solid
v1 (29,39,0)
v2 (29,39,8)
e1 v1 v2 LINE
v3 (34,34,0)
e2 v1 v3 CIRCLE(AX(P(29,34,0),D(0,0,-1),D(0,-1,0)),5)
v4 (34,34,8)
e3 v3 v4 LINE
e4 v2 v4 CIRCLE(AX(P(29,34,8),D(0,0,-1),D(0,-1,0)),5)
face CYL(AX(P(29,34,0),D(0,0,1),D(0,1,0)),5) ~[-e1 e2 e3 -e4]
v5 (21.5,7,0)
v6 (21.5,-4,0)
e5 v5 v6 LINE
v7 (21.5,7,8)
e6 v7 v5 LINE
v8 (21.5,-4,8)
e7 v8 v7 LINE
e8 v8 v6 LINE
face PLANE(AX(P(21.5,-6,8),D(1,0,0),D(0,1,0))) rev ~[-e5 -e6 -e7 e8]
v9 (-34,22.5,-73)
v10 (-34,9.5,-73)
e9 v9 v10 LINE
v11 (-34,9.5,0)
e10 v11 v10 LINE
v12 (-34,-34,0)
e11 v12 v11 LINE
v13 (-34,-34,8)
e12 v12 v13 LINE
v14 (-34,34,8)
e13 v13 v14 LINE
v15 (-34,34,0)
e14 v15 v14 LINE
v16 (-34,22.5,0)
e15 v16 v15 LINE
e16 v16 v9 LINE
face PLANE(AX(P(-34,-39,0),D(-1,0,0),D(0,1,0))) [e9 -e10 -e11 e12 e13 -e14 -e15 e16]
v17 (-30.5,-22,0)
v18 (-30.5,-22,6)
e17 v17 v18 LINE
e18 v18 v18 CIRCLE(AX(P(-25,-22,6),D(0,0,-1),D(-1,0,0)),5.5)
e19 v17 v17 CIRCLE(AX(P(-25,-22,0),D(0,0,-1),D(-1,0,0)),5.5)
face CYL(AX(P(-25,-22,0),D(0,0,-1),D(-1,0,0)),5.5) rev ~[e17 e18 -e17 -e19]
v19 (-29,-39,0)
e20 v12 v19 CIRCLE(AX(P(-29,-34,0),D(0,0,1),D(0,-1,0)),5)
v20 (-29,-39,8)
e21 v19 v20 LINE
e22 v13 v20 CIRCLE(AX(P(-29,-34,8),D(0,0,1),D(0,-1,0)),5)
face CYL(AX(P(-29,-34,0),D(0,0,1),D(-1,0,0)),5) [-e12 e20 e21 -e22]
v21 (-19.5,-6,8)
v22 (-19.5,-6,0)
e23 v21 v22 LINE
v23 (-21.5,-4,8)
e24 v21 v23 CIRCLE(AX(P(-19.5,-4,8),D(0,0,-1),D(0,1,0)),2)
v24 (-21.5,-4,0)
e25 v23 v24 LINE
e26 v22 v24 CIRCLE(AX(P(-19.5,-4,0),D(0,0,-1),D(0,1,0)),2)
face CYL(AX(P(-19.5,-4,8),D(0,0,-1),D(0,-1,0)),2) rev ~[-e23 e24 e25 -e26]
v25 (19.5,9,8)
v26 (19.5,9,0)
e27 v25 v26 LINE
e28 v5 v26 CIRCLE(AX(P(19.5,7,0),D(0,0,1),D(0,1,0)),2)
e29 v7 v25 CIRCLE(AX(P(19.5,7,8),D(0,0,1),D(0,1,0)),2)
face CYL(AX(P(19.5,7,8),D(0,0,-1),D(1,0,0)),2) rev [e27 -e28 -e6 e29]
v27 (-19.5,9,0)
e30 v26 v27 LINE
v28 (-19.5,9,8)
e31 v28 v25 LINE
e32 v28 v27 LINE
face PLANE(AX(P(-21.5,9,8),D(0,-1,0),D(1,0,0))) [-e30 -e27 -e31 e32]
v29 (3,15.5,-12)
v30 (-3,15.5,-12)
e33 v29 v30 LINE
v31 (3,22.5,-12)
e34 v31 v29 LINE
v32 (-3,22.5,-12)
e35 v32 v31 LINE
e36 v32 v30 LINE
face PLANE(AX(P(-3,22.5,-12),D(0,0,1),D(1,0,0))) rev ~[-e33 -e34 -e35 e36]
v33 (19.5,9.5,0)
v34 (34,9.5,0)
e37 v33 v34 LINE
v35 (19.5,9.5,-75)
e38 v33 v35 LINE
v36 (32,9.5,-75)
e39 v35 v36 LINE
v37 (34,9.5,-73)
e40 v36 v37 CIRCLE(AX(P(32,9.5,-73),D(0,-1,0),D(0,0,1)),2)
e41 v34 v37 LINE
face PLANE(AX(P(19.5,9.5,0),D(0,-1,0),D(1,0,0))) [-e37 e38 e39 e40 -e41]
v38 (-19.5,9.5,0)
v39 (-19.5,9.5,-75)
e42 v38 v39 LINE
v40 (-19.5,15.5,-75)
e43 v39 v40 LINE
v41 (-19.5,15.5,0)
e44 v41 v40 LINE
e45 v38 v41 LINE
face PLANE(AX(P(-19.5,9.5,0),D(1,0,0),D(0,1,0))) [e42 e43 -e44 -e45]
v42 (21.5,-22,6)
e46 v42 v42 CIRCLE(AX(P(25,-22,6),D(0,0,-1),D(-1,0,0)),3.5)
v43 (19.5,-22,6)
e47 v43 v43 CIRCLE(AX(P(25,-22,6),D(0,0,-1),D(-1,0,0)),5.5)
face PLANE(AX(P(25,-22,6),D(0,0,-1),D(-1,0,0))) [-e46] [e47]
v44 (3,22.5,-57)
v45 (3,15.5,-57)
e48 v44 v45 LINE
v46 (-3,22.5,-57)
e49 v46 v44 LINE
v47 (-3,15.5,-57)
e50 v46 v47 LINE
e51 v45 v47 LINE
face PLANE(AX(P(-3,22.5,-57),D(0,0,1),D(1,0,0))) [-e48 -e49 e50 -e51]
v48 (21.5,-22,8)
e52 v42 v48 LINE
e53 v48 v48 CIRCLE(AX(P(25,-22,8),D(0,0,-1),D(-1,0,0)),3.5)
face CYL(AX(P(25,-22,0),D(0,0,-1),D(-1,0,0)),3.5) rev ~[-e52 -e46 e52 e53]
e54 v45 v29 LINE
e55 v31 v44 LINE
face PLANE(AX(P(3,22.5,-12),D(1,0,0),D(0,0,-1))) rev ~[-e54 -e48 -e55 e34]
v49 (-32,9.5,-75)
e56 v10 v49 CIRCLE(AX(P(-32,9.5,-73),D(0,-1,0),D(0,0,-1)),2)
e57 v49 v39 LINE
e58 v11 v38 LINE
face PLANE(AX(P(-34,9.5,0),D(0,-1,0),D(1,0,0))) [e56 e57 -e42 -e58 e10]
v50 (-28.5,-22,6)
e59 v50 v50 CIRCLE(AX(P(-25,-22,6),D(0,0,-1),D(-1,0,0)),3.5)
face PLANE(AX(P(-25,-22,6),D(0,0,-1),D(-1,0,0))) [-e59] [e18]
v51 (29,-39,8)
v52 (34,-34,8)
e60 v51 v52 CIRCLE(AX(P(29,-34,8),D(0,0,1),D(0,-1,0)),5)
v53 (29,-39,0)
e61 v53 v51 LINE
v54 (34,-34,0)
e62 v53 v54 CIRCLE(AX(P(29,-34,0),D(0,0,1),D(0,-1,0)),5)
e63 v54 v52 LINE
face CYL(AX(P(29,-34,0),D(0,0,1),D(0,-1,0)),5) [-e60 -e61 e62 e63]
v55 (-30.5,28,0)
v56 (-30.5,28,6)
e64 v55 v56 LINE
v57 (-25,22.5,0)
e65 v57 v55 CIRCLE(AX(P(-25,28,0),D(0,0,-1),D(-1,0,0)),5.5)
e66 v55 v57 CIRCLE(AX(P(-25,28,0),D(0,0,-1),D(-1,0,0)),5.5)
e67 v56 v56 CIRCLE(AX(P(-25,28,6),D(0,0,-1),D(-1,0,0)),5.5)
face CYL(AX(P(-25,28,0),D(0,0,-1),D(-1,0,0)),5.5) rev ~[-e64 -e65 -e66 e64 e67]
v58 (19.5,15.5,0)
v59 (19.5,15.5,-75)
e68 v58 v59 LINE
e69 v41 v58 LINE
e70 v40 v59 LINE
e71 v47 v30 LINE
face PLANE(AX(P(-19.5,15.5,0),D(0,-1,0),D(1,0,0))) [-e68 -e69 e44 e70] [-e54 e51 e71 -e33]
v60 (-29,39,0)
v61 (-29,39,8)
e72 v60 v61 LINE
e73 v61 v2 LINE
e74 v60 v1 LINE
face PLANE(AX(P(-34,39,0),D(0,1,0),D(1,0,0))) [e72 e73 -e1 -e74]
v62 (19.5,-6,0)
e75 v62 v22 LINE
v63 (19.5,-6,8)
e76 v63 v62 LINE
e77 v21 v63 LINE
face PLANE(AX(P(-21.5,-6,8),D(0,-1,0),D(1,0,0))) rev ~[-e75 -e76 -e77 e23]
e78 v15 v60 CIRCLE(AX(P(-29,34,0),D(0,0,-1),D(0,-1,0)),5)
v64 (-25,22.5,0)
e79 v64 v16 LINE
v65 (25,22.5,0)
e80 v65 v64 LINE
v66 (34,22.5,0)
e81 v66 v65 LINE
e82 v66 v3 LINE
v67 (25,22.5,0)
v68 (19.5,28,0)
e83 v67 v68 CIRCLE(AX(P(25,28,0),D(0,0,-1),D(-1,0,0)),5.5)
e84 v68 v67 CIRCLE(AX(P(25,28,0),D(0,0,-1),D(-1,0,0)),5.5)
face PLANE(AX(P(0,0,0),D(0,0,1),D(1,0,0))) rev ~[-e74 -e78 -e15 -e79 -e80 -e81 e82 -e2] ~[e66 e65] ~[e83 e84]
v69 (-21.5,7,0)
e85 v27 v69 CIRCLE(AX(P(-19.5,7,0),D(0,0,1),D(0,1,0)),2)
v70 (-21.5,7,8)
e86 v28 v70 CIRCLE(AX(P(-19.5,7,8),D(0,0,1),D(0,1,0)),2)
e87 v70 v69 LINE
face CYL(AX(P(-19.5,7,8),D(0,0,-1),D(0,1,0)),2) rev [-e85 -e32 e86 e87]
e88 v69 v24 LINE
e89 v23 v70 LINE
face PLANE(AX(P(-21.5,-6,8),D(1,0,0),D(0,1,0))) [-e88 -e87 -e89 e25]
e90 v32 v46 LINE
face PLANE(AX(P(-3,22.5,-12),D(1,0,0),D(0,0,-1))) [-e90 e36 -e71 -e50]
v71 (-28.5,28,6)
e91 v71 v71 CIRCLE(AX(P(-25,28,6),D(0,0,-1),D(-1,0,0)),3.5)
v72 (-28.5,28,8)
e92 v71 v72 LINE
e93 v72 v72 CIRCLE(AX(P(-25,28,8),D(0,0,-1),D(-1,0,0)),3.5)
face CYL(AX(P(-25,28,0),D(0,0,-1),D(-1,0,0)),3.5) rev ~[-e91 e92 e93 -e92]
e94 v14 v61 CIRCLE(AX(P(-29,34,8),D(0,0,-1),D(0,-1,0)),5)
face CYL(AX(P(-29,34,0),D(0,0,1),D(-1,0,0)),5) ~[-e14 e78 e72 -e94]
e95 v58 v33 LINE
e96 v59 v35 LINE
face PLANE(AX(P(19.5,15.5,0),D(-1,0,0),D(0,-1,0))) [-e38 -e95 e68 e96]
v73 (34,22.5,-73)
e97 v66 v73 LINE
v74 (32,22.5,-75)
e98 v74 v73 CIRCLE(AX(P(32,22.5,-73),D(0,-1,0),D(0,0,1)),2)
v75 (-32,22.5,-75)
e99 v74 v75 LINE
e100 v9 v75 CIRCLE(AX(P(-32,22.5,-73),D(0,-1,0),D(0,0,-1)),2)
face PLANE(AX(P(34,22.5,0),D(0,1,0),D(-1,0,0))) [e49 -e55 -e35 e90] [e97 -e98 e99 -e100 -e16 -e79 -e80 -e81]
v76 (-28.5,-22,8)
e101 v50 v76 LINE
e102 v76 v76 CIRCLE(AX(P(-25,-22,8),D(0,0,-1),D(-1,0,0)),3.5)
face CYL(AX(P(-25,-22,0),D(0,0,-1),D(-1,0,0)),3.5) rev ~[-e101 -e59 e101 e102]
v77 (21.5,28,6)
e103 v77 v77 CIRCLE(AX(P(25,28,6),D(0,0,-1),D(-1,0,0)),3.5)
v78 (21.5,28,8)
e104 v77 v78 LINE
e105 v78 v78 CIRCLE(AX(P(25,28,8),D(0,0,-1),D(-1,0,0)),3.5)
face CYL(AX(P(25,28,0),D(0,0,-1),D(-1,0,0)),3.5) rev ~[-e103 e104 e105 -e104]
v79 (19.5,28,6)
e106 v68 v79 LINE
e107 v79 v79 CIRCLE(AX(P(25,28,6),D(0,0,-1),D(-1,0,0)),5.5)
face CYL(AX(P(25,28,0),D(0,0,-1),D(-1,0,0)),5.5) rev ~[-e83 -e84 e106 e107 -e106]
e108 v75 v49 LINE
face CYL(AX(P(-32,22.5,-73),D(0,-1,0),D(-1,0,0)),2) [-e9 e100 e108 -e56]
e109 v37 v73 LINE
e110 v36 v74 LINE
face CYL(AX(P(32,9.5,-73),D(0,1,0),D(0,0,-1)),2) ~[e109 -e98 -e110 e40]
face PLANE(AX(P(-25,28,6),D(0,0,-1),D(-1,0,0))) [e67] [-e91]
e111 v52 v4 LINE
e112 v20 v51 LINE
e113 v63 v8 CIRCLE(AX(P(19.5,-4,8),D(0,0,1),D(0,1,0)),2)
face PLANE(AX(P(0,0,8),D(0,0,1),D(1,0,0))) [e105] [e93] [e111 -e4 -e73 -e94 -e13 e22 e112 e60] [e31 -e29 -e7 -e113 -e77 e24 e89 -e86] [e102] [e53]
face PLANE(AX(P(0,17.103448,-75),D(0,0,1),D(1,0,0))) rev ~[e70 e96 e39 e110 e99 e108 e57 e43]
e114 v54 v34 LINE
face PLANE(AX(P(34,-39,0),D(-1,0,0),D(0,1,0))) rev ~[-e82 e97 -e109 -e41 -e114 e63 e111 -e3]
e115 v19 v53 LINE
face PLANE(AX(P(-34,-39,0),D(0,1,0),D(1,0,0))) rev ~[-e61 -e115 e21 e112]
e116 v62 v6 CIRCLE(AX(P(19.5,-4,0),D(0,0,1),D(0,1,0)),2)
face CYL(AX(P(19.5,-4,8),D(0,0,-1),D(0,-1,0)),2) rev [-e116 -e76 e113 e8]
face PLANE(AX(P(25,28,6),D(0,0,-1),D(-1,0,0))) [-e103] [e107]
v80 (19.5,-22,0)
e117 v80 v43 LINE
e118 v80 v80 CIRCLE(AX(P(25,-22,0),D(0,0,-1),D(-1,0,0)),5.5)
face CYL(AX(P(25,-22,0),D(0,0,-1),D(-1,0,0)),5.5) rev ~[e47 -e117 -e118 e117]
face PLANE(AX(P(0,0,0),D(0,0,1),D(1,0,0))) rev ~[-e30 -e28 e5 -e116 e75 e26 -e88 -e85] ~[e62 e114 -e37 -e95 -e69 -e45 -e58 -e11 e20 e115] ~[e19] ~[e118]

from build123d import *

# Parameters (mm, degrees)
SKETCH1_W           = 68
SKETCH1_H           = 78
BOSS_EXTRUDE1_DEPTH = 8
BOSS_EXTRUDE2_DEPTH = 75
CUT_EXTRUDE1_REACH  = 85
SKETCH3_W           = 43
SKETCH3_H           = 15
FILLET1_R           = 2
FILLET2_R           = 5
SKETCH4_W           = 6
SKETCH4_H           = 45
CUT_EXTRUDE2_DEPTH  = 62.5
SKETCH5_R           = 3.5
CUT_EXTRUDE3_DEPTH  = 9
SKETCH7_R           = 5.5
CUT_EXTRUDE4_DEPTH  = 6


with BuildPart() as part:
    # Sketch1 → Boss-Extrude1 (new body)
    with BuildSketch(Plane.XY):
        Rectangle(SKETCH1_W, SKETCH1_H)
    extrude(amount=BOSS_EXTRUDE1_DEPTH)

    # Sketch2 → Boss-Extrude2 (add)
    with BuildSketch(Plane(origin=(0, 0, 0), x_dir=(-1, 0, 0), z_dir=(0, 0, -1))):
        Polygon((-34, 22.5), (34, 22.5), (34, 9.5), (19.5, 9.5), (19.5, 15.5), (-19.5, 15.5), (-19.5, 9.5), (-34, 9.5), align=None)
    extrude(amount=BOSS_EXTRUDE2_DEPTH)

    # Sketch3 → Cut-Extrude1 (cut, up to next)
    with BuildSketch(Plane.XY.offset(8), mode=Mode.PRIVATE) as cut_extrude1_sk1:
        with Locations((0, 1.5)):
            Rectangle(SKETCH3_W, SKETCH3_H)
    cut_extrude1_tool1 = extrude(cut_extrude1_sk1.sketch, amount=-CUT_EXTRUDE1_REACH, mode=Mode.PRIVATE) & part.part
    add(cut_extrude1_tool1.solids().sort_by_distance((0, 1.5, 8))[0], mode=Mode.SUBTRACT)

    # Fillet1
    fillet1_edges = [part.edges().sort_by_distance(p)[0] for p in [
        (34, 16, -75),
        (-34, 16, -75),
        (-21.5, -6, 4),
        (-21.5, 9, 4),
        (21.5, 9, 4),
        (21.5, -6, 4),
    ]]
    fillet(fillet1_edges, radius=FILLET1_R)

    # Fillet2
    fillet2_edges = [part.edges().sort_by_distance(p)[0] for p in [
        (34, -39, 4),
        (-34, -39, 4),
        (-34, 39, 4),
        (34, 39, 4),
    ]]
    fillet(fillet2_edges, radius=FILLET2_R)

    # Sketch4 → Cut-Extrude2 (cut, through all)
    with BuildSketch(Plane(origin=(0, 22.5, 0), x_dir=(1, 0, 0), z_dir=(0, 1, 0))):
        with Locations((0, 34.5)):
            Rectangle(SKETCH4_W, SKETCH4_H)
    extrude(amount=-CUT_EXTRUDE2_DEPTH, mode=Mode.SUBTRACT)

    # Sketch5 → Cut-Extrude3 (cut, through all)
    with BuildSketch(Plane(origin=(0, 0, 0), x_dir=(-1, 0, 0), z_dir=(0, 0, -1))):
        with Locations((-25, 28)):
            Circle(SKETCH5_R)
        with Locations((25, 28)):
            Circle(SKETCH5_R)
        with Locations((-25, -22)):
            Circle(SKETCH5_R)
        with Locations((25, -22)):
            Circle(SKETCH5_R)
    extrude(amount=-CUT_EXTRUDE3_DEPTH, mode=Mode.SUBTRACT)

    # Sketch7 → Cut-Extrude4 (cut)
    with BuildSketch(Plane(origin=(0, 0, 0), x_dir=(-1, 0, 0), z_dir=(0, 0, -1))):
        with Locations((-25, 28)):
            Circle(SKETCH7_R)
        with Locations((25, 28)):
            Circle(SKETCH7_R)
        with Locations((-25, -22)):
            Circle(SKETCH7_R)
        with Locations((25, -22)):
            Circle(SKETCH7_R)
    extrude(amount=-CUT_EXTRUDE4_DEPTH, mode=Mode.SUBTRACT)


solid = part.part
